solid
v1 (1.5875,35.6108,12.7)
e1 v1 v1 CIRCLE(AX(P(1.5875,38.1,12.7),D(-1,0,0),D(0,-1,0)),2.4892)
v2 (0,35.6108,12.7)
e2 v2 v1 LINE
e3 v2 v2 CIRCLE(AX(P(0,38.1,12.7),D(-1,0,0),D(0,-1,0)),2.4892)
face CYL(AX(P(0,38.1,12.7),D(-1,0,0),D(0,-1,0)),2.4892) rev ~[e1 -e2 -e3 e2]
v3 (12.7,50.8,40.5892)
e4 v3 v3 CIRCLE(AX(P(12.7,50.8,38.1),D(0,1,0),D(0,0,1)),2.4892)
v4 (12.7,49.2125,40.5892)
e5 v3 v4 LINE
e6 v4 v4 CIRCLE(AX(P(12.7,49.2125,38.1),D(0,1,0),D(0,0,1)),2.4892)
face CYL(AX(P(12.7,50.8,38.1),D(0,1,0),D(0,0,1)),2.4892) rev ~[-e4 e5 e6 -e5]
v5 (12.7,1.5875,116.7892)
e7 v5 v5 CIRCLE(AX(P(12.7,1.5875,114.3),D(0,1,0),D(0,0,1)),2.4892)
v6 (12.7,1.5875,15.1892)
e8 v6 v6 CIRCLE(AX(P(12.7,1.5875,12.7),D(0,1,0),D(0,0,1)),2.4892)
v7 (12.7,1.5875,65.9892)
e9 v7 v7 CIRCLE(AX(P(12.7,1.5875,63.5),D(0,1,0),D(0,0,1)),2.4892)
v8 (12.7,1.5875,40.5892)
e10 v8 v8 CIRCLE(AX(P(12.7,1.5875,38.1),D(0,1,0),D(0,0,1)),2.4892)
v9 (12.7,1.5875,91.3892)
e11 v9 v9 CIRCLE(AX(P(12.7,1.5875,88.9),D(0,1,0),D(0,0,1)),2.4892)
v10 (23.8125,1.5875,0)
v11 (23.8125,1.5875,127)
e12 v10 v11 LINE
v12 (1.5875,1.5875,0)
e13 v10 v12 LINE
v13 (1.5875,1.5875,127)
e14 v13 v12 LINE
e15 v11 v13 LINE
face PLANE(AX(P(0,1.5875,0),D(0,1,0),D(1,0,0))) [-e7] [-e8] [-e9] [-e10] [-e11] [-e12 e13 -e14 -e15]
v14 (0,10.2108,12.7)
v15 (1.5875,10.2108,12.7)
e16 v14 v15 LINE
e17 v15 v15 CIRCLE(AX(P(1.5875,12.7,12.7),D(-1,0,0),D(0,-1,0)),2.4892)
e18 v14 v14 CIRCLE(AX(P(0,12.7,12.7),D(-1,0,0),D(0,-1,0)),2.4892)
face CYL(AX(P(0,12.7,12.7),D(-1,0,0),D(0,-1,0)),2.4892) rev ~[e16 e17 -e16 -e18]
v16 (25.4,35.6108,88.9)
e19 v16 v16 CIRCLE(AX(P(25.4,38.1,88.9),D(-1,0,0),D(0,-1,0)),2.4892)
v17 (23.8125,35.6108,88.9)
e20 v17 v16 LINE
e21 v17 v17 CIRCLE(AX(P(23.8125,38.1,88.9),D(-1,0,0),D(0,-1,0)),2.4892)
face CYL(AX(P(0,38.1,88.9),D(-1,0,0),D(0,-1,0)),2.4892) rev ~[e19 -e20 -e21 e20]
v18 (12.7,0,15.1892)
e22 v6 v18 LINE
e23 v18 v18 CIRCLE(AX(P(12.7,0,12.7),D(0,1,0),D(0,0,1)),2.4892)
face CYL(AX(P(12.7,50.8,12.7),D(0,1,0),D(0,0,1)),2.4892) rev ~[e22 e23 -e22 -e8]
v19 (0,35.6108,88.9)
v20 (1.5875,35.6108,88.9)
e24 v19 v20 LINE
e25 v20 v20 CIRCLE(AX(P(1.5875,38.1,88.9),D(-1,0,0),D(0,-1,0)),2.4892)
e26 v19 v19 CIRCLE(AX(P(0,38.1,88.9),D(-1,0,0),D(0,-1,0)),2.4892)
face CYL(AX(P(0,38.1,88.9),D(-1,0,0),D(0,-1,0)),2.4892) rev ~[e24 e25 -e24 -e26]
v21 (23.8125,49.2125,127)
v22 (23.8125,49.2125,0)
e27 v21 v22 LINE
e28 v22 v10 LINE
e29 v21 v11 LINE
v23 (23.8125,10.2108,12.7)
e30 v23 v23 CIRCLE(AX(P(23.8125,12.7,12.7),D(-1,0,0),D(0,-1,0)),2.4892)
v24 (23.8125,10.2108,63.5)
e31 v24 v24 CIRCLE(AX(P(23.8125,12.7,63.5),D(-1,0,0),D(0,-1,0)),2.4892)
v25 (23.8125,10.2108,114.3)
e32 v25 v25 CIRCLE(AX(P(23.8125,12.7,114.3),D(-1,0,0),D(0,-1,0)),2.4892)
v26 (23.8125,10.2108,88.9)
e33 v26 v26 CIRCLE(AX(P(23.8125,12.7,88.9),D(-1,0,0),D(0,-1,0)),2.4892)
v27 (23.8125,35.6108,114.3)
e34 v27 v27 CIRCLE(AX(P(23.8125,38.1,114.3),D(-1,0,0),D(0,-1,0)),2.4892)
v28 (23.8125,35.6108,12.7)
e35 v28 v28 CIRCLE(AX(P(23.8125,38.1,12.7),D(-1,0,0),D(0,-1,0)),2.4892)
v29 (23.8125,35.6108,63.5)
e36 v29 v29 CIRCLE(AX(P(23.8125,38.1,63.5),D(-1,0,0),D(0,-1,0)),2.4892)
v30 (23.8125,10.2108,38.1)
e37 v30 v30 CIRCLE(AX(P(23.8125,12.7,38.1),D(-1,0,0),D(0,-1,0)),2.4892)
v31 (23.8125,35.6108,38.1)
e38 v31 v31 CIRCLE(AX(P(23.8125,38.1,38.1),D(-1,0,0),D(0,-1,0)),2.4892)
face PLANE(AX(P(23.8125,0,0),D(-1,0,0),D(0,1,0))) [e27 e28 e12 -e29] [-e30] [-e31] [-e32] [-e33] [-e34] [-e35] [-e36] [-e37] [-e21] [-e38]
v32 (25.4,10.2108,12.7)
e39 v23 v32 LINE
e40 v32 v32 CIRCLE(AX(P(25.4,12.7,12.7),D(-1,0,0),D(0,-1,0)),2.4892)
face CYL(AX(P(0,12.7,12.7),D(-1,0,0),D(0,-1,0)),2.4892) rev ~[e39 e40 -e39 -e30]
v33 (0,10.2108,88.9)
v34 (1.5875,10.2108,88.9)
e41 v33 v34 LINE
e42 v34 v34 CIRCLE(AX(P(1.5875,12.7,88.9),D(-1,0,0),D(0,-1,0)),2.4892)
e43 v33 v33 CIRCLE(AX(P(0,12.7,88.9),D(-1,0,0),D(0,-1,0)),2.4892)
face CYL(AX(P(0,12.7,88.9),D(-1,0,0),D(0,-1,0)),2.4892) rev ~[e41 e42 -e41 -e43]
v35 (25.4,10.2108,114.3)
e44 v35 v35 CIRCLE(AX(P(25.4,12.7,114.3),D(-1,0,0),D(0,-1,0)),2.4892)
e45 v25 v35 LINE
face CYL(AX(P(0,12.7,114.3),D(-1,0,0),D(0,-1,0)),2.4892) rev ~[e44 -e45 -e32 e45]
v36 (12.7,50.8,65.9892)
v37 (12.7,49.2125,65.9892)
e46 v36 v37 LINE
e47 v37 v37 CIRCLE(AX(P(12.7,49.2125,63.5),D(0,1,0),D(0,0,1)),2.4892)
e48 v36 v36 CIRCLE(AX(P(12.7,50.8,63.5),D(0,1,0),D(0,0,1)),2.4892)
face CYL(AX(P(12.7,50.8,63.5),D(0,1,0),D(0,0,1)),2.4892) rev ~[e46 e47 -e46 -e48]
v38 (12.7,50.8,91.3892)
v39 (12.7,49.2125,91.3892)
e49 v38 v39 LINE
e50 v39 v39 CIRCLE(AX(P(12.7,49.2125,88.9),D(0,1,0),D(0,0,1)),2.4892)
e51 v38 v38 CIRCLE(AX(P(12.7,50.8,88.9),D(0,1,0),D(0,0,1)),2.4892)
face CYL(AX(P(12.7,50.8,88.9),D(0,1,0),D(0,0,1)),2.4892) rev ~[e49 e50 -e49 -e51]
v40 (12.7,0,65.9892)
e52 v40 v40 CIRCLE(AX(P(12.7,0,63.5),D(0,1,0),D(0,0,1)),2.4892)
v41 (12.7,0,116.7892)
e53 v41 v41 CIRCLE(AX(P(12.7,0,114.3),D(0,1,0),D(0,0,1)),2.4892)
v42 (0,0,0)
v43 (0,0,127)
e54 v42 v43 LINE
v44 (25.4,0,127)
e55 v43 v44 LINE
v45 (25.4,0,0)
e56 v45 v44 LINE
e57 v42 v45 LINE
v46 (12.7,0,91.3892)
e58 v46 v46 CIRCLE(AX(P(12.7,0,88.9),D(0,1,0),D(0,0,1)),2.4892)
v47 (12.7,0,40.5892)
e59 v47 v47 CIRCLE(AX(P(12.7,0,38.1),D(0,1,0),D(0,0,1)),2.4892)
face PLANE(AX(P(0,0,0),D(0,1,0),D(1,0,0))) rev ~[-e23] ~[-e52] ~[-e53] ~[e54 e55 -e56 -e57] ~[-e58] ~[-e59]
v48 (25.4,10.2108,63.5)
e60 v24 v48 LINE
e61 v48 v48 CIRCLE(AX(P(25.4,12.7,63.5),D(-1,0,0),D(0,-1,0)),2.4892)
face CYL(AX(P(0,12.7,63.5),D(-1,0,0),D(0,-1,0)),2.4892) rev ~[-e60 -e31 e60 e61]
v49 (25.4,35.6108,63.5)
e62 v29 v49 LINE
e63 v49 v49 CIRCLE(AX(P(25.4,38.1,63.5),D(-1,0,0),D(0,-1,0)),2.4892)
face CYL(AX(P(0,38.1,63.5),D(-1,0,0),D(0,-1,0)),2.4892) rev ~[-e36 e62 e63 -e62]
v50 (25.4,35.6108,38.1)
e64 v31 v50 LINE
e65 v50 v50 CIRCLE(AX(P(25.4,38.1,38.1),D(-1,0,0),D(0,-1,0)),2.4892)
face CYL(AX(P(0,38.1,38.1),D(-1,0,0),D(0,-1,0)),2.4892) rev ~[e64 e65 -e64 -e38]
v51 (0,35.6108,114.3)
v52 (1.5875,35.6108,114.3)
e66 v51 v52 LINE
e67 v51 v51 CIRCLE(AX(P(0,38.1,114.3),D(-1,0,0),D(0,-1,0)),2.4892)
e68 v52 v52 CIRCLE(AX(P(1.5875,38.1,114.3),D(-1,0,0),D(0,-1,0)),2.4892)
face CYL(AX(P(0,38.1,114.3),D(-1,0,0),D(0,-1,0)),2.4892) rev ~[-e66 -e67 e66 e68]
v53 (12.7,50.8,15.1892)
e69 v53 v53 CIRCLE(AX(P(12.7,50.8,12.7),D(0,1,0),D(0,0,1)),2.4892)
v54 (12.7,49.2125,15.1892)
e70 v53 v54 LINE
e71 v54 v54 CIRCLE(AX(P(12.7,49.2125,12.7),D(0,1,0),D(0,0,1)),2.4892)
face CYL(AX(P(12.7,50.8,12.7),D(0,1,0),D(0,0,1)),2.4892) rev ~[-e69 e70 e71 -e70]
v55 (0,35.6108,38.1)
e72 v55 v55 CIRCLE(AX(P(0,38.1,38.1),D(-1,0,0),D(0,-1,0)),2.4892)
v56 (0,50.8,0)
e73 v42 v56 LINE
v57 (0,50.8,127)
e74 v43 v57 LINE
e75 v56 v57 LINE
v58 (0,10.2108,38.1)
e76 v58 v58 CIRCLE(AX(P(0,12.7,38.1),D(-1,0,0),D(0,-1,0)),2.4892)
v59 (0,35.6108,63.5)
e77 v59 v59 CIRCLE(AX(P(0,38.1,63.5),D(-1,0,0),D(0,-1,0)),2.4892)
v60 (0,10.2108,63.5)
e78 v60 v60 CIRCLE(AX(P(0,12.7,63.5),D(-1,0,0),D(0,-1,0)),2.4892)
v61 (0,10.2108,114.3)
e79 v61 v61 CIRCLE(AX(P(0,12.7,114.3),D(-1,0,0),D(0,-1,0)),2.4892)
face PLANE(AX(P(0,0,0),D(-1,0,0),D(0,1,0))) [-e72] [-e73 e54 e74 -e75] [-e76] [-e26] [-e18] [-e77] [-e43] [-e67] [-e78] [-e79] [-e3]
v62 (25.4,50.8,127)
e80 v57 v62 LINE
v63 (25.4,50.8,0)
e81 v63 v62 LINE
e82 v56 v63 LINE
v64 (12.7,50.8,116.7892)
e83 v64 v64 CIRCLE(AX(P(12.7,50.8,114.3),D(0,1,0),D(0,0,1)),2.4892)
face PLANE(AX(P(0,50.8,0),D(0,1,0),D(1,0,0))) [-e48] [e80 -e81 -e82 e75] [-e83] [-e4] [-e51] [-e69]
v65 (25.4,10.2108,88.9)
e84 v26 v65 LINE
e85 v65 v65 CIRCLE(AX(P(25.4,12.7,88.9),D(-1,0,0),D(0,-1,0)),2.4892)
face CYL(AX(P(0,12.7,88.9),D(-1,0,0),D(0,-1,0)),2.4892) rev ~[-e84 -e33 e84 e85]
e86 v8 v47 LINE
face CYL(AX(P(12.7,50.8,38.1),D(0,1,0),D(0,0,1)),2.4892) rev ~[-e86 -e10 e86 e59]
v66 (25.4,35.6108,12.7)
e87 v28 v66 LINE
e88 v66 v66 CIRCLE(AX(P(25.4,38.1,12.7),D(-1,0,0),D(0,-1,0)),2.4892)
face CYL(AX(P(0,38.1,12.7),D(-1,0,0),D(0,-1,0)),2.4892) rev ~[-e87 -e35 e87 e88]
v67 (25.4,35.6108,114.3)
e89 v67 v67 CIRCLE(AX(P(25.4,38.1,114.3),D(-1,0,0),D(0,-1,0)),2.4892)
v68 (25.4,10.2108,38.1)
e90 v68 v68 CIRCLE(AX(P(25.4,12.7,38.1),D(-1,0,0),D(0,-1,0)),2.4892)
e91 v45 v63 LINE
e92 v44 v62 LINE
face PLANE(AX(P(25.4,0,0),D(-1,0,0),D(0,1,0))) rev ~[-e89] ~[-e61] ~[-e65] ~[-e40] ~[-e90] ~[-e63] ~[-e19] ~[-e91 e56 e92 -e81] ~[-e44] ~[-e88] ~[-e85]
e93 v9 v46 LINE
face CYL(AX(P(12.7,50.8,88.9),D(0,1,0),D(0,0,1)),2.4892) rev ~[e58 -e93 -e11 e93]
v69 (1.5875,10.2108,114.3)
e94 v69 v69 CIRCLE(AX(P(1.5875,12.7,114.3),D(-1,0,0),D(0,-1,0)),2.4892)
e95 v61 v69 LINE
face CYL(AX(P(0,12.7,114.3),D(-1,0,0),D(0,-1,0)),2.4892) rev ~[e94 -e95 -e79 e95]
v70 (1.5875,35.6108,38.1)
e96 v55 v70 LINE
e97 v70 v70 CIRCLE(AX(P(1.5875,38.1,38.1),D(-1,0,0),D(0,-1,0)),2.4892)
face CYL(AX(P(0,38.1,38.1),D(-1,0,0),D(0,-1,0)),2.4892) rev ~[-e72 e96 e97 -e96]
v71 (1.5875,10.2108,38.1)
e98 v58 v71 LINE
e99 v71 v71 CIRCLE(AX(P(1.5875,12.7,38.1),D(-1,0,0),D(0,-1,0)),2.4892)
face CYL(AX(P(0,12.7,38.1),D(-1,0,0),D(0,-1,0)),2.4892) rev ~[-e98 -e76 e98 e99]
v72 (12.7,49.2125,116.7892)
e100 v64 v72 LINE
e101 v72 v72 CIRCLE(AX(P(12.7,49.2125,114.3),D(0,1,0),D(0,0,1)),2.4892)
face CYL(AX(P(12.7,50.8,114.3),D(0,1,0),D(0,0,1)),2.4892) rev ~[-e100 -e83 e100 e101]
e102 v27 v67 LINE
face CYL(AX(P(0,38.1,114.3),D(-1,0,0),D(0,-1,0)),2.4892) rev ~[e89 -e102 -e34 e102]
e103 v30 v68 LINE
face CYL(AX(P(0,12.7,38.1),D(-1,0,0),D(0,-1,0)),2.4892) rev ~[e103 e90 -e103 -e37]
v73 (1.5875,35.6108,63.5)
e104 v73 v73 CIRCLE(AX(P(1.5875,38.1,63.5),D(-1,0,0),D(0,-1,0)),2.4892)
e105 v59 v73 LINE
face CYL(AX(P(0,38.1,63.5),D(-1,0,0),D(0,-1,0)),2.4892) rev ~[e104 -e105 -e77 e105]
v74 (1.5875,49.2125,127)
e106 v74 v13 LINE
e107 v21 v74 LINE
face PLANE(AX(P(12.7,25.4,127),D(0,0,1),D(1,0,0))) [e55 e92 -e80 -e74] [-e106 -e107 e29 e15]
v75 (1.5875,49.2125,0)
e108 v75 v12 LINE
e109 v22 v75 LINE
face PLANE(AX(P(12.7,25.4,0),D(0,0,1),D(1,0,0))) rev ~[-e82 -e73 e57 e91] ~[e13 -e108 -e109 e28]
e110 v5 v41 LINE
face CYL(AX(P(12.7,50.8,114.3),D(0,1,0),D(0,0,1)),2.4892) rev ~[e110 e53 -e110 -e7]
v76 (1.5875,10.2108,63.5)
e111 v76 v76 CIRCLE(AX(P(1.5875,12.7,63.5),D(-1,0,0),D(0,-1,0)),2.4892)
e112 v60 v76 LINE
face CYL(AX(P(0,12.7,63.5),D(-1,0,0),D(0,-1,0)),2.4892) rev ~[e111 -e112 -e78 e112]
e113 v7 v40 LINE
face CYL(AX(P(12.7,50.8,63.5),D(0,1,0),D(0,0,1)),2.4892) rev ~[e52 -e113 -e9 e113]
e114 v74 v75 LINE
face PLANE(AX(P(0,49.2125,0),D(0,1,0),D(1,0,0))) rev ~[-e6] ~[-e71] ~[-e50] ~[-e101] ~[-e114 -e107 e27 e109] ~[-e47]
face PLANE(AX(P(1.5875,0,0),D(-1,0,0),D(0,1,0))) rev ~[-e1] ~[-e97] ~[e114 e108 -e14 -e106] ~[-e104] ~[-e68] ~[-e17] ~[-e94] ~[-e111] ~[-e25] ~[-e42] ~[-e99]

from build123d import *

# Parameters (mm, degrees)
SKETCH1_W           = 25.4
SKETCH1_H           = 50.8
BOSS_EXTRUDE1_DEPTH = 127
SHELL1_T            = -1.5875
SKETCH2_R           = 2.4892
CUT_EXTRUDE1_DEPTH  = 140.121529606
SKETCH3_R           = 2.4892
CUT_EXTRUDE2_DEPTH  = 140.121529606


with BuildPart() as part:
    # Sketch1 → Boss-Extrude1 (new body)
    with BuildSketch(Plane.XY):
        with Locations((12.7, 25.4)):
            Rectangle(SKETCH1_W, SKETCH1_H)
    extrude(amount=BOSS_EXTRUDE1_DEPTH)

    # Shell1
    shell1_openings = [part.faces().sort_by_distance(p)[0] for p in [
        (12.7, 25.4, 127),
        (12.7, 25.4, 0),
    ]]
    offset(amount=SHELL1_T, openings=shell1_openings, kind=Kind.INTERSECTION)

    # Sketch2 → Cut-Extrude1 (cut, through all)
    with BuildSketch(Plane.ZY):
        with Locations(Location((12.7, 12.7, 0), (0, 0, 270))):
            Circle(SKETCH2_R)
        with Locations(Location((38.1, 12.7, 0), (0, 0, 270))):
            Circle(SKETCH2_R)
        with Locations(Location((63.5, 12.7, 0), (0, 0, 270))):
            Circle(SKETCH2_R)
        with Locations(Location((88.9, 12.7, 0), (0, 0, 270))):
            Circle(SKETCH2_R)
        with Locations(Location((114.3, 12.7, 0), (0, 0, 270))):
            Circle(SKETCH2_R)
        with Locations(Location((38.1, 38.1, 0), (0, 0, 270))):
            Circle(SKETCH2_R)
        with Locations(Location((63.5, 38.1, 0), (0, 0, 270))):
            Circle(SKETCH2_R)
        with Locations(Location((88.9, 38.1, 0), (0, 0, 270))):
            Circle(SKETCH2_R)
        with Locations(Location((114.3, 38.1, 0), (0, 0, 270))):
            Circle(SKETCH2_R)
        with Locations(Location((12.7, 38.1, 0), (0, 0, 270))):
            Circle(SKETCH2_R)
    extrude(amount=-CUT_EXTRUDE1_DEPTH, mode=Mode.SUBTRACT)

    # Sketch3 → Cut-Extrude2 (cut, through all)
    with BuildSketch(Plane(origin=(0, 50.8, 0), x_dir=(1, 0, 0), z_dir=(0, 1, 0))):
        with Locations(Location((12.7, -12.7, 0), (0, 0, 270))):
            Circle(SKETCH3_R)
        with Locations(Location((12.7, -38.1, 0), (0, 0, 270))):
            Circle(SKETCH3_R)
        with Locations(Location((12.7, -63.5, 0), (0, 0, 270))):
            Circle(SKETCH3_R)
        with Locations(Location((12.7, -88.9, 0), (0, 0, 270))):
            Circle(SKETCH3_R)
        with Locations(Location((12.7, -114.3, 0), (0, 0, 270))):
            Circle(SKETCH3_R)
    extrude(amount=-CUT_EXTRUDE2_DEPTH, mode=Mode.SUBTRACT)


solid = part.part
